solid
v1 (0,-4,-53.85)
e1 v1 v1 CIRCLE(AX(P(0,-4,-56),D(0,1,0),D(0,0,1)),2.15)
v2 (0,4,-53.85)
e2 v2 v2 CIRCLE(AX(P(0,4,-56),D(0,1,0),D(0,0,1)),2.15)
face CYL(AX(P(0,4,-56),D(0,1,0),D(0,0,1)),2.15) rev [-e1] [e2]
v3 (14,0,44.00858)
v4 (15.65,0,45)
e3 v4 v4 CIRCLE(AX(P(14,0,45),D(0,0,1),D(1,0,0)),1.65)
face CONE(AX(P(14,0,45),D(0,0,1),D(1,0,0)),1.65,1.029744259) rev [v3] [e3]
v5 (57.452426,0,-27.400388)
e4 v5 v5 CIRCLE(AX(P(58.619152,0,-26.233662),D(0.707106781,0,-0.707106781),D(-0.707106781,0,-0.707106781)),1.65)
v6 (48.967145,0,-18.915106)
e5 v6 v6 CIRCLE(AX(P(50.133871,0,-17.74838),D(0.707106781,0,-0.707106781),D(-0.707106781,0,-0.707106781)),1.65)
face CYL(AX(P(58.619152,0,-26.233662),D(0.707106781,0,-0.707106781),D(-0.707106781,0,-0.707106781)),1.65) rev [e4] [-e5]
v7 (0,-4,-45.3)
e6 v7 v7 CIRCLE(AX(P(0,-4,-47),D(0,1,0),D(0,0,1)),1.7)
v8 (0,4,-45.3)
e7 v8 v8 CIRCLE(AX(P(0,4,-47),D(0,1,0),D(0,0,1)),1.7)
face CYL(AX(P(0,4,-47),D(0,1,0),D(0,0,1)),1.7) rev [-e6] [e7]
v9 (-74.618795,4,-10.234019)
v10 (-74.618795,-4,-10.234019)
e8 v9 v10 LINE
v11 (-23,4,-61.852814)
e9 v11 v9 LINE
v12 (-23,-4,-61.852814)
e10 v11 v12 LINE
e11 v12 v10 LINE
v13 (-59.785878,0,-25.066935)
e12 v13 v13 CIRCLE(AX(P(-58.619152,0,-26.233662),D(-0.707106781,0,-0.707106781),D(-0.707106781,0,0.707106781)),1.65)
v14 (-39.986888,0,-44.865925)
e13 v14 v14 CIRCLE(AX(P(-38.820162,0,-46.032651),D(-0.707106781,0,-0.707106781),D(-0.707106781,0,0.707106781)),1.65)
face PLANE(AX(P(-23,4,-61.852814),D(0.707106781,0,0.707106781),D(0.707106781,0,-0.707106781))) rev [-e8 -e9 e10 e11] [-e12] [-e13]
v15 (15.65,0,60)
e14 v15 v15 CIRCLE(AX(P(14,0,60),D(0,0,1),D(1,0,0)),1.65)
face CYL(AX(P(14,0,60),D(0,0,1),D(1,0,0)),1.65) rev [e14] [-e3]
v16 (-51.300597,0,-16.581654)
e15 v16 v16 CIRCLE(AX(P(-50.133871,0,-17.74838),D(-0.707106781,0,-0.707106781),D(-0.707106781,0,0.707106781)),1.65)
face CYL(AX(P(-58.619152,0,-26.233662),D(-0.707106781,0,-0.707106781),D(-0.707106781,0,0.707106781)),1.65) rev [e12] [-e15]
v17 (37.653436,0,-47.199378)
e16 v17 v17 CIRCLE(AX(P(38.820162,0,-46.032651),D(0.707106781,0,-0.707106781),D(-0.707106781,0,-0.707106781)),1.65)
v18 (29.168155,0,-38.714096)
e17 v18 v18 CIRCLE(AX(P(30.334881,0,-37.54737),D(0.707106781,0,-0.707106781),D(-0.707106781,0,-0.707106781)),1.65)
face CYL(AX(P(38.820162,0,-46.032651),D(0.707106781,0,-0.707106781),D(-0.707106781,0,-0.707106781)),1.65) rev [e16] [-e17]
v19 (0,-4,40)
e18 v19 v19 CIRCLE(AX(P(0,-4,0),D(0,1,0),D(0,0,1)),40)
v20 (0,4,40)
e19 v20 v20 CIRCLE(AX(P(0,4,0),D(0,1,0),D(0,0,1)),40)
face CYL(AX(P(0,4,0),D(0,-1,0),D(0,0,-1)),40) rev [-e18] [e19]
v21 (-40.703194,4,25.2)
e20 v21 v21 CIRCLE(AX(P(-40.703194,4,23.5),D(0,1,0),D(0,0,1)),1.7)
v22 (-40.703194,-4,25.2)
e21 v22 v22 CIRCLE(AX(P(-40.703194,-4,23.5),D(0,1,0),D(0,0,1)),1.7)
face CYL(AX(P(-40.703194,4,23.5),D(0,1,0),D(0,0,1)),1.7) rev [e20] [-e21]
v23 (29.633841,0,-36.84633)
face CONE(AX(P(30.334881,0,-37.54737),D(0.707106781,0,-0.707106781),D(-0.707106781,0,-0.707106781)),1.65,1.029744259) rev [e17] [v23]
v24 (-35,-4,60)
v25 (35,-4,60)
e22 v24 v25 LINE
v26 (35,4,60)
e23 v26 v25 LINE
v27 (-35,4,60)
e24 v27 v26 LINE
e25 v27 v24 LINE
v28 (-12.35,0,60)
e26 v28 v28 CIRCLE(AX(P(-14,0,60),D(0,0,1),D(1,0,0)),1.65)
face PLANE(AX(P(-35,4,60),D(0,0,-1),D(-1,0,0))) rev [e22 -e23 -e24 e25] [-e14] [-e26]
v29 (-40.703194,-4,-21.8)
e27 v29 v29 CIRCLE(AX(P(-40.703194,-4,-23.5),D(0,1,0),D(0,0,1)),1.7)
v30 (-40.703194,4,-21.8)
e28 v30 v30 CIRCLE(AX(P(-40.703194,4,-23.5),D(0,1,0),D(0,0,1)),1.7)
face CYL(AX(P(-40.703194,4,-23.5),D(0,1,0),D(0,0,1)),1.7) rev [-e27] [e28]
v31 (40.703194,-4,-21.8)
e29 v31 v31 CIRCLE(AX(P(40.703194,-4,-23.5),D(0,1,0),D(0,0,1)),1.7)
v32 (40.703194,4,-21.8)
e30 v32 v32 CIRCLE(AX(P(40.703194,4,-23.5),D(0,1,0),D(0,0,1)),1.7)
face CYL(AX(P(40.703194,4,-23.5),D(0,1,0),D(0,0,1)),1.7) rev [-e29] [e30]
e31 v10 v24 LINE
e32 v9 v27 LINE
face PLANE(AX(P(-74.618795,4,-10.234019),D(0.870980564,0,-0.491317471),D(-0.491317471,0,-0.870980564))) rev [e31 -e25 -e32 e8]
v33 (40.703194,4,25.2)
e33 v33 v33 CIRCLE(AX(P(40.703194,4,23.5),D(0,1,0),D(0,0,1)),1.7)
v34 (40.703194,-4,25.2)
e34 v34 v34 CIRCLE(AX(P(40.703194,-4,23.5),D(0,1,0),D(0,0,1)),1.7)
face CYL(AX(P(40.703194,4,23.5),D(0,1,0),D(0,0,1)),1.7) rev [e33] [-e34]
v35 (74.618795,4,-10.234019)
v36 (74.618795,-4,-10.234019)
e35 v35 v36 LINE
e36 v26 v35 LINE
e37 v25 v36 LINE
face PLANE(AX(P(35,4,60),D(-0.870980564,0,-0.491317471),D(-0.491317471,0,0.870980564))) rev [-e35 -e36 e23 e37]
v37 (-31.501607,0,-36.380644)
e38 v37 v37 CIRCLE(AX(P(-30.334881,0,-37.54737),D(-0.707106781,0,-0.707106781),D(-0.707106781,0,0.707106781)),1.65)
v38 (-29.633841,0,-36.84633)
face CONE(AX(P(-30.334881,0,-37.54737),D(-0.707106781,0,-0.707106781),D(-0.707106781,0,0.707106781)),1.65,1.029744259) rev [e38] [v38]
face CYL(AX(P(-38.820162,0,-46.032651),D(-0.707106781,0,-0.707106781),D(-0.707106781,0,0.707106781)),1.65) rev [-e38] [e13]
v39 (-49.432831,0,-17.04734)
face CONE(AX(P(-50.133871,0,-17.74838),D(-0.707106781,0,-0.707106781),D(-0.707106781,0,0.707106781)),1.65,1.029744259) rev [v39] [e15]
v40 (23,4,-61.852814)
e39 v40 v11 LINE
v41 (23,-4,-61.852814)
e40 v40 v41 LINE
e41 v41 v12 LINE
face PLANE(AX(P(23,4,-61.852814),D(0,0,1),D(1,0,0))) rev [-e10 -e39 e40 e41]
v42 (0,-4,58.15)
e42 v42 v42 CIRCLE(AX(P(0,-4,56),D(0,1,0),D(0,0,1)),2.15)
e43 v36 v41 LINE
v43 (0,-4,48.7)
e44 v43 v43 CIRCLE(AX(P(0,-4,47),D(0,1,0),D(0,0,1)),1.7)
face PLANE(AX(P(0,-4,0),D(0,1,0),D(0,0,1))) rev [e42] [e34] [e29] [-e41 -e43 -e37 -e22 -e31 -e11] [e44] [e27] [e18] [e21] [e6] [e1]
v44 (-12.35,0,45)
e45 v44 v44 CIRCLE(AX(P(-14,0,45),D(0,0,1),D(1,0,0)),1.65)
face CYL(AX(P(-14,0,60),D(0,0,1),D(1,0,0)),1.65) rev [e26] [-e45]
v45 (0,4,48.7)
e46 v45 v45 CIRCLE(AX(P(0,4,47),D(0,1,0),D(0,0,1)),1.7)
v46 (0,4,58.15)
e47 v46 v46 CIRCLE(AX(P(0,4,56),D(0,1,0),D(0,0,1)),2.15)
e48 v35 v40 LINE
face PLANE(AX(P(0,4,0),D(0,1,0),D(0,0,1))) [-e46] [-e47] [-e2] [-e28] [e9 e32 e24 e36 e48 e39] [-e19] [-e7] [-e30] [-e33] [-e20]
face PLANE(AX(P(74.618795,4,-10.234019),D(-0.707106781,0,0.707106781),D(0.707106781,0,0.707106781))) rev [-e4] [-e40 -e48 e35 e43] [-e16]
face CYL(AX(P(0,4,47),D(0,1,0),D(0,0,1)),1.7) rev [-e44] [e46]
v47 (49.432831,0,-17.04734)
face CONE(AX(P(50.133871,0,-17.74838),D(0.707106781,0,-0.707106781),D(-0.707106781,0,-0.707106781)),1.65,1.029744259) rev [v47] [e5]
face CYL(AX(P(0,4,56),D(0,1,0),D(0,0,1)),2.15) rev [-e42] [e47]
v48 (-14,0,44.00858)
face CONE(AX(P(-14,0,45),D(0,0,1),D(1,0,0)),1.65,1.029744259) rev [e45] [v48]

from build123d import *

# Parameters (mm, degrees)
SKETCH_2_R                  = 40
EXTRUDE_1_DEPTH             = 4
HOLE_WIZARD_M3_1_D          = 3.4
HOLE_WIZARD_M4_1_AT_2_COUNT = 2
HOLE_WIZARD_M4_1_AT_2_PITCH = 28
HOLE_WIZARD_M4_3_D          = 3.3
HOLE_WIZARD_M4_3_DEPTH      = 15
HOLE_WIZARD_M4_3_TIP        = 0.991420021
HOLE_WIZARD_M4_2_D          = 4.3


with BuildPart() as part:
    # 草图2 → 凸台-拉伸1 (new, symmetric)
    with BuildSketch(Plane(origin=(0, 0, 0), x_dir=(1, 0, 0), z_dir=(0, 1, 0))):
        Polygon((23, 61.852813742), (-23, 61.852813742), (-74.618795027, 10.234018716), (-35, -60), (35, -60), (74.618795027, 10.234018716), align=None)
        with Locations(Location((0, 0, 0), (0, 0, 270))):
            Circle(SKETCH_2_R, mode=Mode.SUBTRACT)
    extrude(amount=EXTRUDE_1_DEPTH, both=True)

    # M3 间隙孔1 (through all)
    with Locations(Plane(origin=(0, 4, 0), x_dir=(1, 0, 0), z_dir=(0, 1, 0))):
        with Locations((0, 47), (40.703193978, 23.5), (40.703193978, -23.5), (0, -47), (-40.703193978, -23.5), (-40.703193978, 23.5)):
            Hole(HOLE_WIZARD_M3_1_D / 2)

    # 草图7 → Hole Wizard M4 _1 (revolve, cut)
    with BuildSketch(Plane(origin=(38.820162287, 0, -46.032651455), x_dir=(-0.7071067811865476, 0, -0.7071067811865476), z_dir=(0, 1, 0))):
        Polygon((0, 0), (0, 12.991420021), (1.65, 12), (1.65, 0), align=None)
    hole_wizard_m4_1 = revolve(axis=Axis((43.310290348, 0, -50.522779516), (-0.7071067811865476, 0, 0.7071067811865476)), mode=Mode.SUBTRACT)

    # Hole Wizard M4 _1 at 2: Hole Wizard M4 _1 ×2
    with Locations(*[Vector(0.7071067811865476, 0, 0.7071067811865476) * (i * HOLE_WIZARD_M4_1_AT_2_PITCH) for i in range(1, HOLE_WIZARD_M4_1_AT_2_COUNT)]):
        add(hole_wizard_m4_1, mode=Mode.SUBTRACT)

    # 镜向1: Hole Wizard M4 _1 across plane
    add(hole_wizard_m4_1.mirror(Plane(origin=(0, 0, 0), x_dir=(0, 0, 1), z_dir=(1, 0, 0))), mode=Mode.SUBTRACT)

    # 镜向1 copy 1 sketch → 镜向1 copy 1 (revolve, cut)
    with BuildSketch(Plane(origin=(-58.61915216, 0, -26.233661582), x_dir=(0.7071067811865476, 0, -0.7071067811865476), z_dir=(0, 1, 0))):
        Polygon((0, 0), (0, -12.991420021), (1.65, -12), (1.65, 0), align=None)
    revolve(axis=Axis((-63.109280221, 0, -30.723789643), (-0.7071067811865476, 0, -0.7071067811865476)), mode=Mode.SUBTRACT)

    # M4 螺纹孔3
    with Locations(Plane.XY.offset(60)):
        with Locations((14, 0), (-14, 0)):
            Hole(HOLE_WIZARD_M4_3_D / 2, depth=HOLE_WIZARD_M4_3_DEPTH)
            with Locations((0, 0, -(HOLE_WIZARD_M4_3_DEPTH + HOLE_WIZARD_M4_3_TIP / 2))):  # 118° drill point
                Cone(0, HOLE_WIZARD_M4_3_D / 2, HOLE_WIZARD_M4_3_TIP, mode=Mode.SUBTRACT)

    # M4 间隙孔2 (through all)
    with Locations(Plane(origin=(0, 4, 0), x_dir=(1, 0, 0), z_dir=(0, 1, 0))):
        with Locations((0, 56), (0, -56)):
            Hole(HOLE_WIZARD_M4_2_D / 2)


solid = part.part
